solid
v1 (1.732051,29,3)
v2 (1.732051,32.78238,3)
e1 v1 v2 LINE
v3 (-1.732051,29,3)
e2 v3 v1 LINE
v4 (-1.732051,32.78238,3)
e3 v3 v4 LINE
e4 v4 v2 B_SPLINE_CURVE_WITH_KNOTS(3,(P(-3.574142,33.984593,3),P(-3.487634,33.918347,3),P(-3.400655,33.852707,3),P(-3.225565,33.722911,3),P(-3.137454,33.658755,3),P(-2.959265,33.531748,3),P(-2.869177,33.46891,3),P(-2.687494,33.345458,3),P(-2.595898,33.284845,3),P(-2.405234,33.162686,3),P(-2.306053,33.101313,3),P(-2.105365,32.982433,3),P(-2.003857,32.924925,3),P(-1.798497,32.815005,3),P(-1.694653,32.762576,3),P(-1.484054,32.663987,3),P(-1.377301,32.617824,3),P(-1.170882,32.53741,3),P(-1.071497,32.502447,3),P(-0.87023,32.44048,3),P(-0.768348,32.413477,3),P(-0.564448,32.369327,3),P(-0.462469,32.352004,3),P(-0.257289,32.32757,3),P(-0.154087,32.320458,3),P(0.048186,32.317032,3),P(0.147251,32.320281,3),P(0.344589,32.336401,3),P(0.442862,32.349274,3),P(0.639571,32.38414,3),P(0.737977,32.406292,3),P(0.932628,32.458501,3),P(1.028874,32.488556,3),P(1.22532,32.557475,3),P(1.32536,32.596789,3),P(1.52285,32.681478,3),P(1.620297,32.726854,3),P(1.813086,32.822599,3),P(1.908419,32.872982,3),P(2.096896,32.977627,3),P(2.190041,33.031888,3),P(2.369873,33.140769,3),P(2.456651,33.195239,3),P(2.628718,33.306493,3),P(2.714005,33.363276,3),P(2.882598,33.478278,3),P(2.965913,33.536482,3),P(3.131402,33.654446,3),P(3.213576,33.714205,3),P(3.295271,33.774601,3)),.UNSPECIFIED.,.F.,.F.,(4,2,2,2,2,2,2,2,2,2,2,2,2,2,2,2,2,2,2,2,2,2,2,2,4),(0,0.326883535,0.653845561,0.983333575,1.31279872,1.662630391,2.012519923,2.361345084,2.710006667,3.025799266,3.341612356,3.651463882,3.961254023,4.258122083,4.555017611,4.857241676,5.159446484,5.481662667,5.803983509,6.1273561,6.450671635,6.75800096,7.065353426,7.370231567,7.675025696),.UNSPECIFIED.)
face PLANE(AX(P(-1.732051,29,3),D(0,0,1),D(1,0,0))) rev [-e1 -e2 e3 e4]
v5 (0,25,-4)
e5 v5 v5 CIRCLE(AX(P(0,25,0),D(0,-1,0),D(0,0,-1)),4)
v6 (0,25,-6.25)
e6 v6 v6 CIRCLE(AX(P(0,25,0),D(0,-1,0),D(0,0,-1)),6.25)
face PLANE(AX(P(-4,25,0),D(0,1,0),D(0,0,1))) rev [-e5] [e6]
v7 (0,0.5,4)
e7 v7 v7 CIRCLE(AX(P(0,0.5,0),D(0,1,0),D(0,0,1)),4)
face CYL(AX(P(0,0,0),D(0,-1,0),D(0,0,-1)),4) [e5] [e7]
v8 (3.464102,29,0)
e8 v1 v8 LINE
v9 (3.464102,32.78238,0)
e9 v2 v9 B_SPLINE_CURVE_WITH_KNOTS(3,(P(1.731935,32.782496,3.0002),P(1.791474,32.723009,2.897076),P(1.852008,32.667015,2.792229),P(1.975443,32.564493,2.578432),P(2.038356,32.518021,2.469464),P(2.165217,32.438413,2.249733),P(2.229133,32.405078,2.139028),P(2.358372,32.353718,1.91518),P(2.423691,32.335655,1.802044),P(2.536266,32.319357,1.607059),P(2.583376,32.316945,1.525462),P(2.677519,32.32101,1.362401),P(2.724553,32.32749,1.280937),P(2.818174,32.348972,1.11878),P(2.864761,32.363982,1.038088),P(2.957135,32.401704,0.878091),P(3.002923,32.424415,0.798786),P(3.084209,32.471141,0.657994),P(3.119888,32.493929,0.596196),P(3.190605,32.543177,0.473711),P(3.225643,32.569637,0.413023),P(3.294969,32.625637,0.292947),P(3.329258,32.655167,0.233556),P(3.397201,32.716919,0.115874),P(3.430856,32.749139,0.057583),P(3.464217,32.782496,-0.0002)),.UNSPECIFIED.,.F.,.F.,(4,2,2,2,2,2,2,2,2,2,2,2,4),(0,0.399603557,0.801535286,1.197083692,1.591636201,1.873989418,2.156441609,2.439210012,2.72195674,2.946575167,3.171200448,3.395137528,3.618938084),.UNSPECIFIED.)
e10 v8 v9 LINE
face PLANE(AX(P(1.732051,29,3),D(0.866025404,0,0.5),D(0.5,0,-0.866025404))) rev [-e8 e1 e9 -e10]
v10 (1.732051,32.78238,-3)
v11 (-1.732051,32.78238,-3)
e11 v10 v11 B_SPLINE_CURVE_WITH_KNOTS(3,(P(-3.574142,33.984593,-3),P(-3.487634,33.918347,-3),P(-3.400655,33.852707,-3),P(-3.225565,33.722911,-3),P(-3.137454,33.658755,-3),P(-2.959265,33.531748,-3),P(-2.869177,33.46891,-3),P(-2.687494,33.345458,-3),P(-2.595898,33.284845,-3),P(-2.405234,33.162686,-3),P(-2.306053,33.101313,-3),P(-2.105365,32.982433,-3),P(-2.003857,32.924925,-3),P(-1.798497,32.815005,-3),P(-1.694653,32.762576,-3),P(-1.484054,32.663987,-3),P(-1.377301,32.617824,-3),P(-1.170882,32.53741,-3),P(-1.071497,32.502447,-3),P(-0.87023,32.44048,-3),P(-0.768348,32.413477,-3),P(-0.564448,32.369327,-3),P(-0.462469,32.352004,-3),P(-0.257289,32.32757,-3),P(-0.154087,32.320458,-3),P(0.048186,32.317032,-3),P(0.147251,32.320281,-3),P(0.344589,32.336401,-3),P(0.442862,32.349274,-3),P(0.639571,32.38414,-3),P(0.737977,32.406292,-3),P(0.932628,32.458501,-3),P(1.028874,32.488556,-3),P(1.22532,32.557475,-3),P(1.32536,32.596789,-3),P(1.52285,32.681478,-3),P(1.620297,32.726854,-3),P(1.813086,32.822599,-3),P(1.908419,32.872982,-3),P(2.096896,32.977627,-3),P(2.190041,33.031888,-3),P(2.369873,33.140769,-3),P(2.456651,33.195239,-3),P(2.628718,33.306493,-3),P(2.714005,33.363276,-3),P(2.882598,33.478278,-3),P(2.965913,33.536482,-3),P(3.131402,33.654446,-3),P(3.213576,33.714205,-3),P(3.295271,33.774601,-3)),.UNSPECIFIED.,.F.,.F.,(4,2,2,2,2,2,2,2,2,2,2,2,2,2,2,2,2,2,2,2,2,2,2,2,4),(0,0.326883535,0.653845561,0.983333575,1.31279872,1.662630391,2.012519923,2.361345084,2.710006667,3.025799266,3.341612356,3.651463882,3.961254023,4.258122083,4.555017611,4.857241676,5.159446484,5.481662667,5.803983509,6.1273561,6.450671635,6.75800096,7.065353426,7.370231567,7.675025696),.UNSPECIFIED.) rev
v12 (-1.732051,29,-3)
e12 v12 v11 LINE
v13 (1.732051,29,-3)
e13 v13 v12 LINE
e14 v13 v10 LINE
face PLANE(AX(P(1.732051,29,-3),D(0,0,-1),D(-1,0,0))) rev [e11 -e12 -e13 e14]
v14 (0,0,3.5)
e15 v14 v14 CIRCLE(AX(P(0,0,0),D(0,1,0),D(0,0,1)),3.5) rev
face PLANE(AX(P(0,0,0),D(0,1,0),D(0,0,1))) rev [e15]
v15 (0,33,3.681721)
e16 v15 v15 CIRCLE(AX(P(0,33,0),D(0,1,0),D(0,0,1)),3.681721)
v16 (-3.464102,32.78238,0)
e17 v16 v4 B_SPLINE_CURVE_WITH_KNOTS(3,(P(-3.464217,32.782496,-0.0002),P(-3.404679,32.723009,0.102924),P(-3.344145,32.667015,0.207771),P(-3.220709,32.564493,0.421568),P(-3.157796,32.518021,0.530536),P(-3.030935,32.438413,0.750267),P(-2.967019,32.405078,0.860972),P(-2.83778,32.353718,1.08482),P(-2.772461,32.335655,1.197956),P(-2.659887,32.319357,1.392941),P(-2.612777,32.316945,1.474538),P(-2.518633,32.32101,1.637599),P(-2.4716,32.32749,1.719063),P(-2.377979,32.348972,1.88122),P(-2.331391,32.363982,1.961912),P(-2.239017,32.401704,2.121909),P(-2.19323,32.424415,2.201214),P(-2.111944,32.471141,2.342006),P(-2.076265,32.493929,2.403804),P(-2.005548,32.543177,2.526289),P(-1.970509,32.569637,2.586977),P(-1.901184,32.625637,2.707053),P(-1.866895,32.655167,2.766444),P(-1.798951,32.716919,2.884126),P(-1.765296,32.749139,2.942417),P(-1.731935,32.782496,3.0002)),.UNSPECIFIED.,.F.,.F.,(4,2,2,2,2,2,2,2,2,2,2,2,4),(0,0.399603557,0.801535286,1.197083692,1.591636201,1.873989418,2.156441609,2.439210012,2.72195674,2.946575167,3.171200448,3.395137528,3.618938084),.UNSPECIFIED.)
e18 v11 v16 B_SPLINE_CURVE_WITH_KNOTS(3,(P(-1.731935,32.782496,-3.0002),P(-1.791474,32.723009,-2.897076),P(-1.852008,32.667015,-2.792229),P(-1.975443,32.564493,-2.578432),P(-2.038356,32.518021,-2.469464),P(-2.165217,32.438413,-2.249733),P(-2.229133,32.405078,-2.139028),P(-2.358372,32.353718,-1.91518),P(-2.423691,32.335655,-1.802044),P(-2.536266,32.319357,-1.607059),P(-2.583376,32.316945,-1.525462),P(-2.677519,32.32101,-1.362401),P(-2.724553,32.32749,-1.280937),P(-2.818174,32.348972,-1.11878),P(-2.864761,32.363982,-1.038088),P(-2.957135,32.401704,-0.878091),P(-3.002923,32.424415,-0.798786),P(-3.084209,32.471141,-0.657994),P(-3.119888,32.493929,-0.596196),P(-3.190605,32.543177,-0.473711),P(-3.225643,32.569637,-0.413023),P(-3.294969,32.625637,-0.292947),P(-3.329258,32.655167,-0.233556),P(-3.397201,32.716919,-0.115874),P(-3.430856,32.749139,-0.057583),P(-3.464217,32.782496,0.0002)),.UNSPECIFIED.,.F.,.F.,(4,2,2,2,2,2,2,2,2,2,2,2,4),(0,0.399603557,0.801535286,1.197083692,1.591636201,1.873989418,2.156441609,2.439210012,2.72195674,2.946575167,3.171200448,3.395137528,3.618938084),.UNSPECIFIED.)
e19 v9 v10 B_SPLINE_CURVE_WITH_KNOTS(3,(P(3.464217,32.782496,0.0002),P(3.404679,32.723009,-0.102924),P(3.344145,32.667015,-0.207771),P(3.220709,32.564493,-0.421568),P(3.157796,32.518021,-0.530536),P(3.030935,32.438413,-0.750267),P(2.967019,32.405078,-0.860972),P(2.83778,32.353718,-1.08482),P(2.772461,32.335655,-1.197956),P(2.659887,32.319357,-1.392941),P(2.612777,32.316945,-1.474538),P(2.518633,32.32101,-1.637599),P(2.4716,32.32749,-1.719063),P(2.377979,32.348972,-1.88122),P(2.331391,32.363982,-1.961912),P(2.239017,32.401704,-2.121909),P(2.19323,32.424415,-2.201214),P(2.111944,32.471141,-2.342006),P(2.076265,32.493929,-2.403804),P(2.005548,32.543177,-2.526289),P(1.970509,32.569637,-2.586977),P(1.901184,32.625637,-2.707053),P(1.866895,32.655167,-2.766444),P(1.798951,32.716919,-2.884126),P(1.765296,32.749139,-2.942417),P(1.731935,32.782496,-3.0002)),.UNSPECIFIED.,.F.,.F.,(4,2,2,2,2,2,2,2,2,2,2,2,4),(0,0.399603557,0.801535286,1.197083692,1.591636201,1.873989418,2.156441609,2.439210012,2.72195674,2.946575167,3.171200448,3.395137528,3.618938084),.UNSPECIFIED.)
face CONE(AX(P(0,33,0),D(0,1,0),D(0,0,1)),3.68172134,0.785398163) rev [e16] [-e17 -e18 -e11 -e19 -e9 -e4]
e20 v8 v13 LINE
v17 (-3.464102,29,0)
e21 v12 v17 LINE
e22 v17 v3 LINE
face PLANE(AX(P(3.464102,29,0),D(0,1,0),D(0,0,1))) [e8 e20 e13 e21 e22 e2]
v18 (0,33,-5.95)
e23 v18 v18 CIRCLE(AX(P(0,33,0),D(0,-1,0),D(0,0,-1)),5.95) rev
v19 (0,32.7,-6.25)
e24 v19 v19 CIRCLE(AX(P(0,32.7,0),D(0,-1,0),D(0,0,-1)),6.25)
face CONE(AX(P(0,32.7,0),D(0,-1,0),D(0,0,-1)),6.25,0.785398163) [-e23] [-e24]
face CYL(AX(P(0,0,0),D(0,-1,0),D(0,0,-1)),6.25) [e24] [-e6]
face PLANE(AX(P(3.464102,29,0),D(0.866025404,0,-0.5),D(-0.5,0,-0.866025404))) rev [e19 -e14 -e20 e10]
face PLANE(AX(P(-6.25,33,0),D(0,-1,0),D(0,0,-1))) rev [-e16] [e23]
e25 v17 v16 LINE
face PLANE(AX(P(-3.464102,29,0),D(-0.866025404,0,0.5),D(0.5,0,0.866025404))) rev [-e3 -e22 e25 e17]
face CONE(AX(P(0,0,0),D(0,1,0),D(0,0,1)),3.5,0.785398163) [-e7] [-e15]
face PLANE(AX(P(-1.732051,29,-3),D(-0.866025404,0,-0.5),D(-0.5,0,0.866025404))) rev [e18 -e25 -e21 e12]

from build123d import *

# Parameters (mm, degrees)
WYCI_GNI_CIE1_DEPTH        = 4
SFAZOWANIE1_SIZE           = 0.3
SZKIC3_R                   = 3.68172134
WYTNIJ_WYCI_GNI_CIE1_DEPTH = 2
WYTNIJ_WYCI_GNI_CIE1_DRAFT = -45
SFAZOWANIE2_SIZE           = 0.5


with BuildPart() as part:
    # Szkic1 → Obrót1 (revolve)
    with BuildSketch(Plane.XY, mode=Mode.PRIVATE) as obr_t1_sk:
        Polygon((0, 0), (-4, 0), (-4, 25), (-6.25, 25), (-6.25, 33), (0, 33), align=None)
    revolve(obr_t1_sk.sketch.rotate(Axis((0, 0, 0), (0, 1, 0)), 270), axis=Axis((0, 0, 0), (0, 1, 0)))

    # Szkic2 → Wyciągnięcie1 (cut)
    with BuildSketch(Plane(origin=(0, 33, 0), x_dir=(1, 0, 0), z_dir=(0, 1, 0))):
        Polygon((3.464101615, 0), (1.732050808, 3), (-1.732050808, 3), (-3.464101615, 0), (-1.732050808, -3), (1.732050808, -3), align=None)
    extrude(amount=-WYCI_GNI_CIE1_DEPTH, mode=Mode.SUBTRACT)

    # Sfazowanie1
    sfazowanie1_edges = [part.edges().sort_by_distance(p)[0] for p in [
        (0, 33, 6.25),
    ]]
    chamfer(sfazowanie1_edges, length=SFAZOWANIE1_SIZE)


with BuildPart() as wytnij_wyci_gni_cie1_tool:
    # Szkic3 → Wytnij-wyciągnięcie1 (with draft: the straight prism first)
    with BuildSketch(Plane(origin=(0, 33, 0), x_dir=(1, 0, 0), z_dir=(0, 1, 0))):
        Circle(SZKIC3_R)
    extrude(amount=-WYTNIJ_WYCI_GNI_CIE1_DEPTH)
    # Wytnij-wyciągnięcie1: the draft: its side faces are tilted about the plane it starts from
    wytnij_wyci_gni_cie1_sides = [wytnij_wyci_gni_cie1_tool.faces().sort_by_distance(p)[0] for p in [
        (-3.68172134, 32, 0),
    ]]
    draft(wytnij_wyci_gni_cie1_sides, Plane(origin=(0, 33, 0), x_dir=(1, 0, 0), z_dir=(0, 1, 0)), WYTNIJ_WYCI_GNI_CIE1_DRAFT)


with BuildPart() as part_1:
    add(part.part)

    # Wytnij-wyciągnięcie1: cut by wytnij_wyci_gni_cie1_tool
    add(wytnij_wyci_gni_cie1_tool.part, mode=Mode.SUBTRACT)

    # Sfazowanie2
    sfazowanie2_edges = [part_1.edges().sort_by_distance(p)[0] for p in [
        (0, 0, 4),
    ]]
    chamfer(sfazowanie2_edges, length=SFAZOWANIE2_SIZE)


solid = part_1.part
